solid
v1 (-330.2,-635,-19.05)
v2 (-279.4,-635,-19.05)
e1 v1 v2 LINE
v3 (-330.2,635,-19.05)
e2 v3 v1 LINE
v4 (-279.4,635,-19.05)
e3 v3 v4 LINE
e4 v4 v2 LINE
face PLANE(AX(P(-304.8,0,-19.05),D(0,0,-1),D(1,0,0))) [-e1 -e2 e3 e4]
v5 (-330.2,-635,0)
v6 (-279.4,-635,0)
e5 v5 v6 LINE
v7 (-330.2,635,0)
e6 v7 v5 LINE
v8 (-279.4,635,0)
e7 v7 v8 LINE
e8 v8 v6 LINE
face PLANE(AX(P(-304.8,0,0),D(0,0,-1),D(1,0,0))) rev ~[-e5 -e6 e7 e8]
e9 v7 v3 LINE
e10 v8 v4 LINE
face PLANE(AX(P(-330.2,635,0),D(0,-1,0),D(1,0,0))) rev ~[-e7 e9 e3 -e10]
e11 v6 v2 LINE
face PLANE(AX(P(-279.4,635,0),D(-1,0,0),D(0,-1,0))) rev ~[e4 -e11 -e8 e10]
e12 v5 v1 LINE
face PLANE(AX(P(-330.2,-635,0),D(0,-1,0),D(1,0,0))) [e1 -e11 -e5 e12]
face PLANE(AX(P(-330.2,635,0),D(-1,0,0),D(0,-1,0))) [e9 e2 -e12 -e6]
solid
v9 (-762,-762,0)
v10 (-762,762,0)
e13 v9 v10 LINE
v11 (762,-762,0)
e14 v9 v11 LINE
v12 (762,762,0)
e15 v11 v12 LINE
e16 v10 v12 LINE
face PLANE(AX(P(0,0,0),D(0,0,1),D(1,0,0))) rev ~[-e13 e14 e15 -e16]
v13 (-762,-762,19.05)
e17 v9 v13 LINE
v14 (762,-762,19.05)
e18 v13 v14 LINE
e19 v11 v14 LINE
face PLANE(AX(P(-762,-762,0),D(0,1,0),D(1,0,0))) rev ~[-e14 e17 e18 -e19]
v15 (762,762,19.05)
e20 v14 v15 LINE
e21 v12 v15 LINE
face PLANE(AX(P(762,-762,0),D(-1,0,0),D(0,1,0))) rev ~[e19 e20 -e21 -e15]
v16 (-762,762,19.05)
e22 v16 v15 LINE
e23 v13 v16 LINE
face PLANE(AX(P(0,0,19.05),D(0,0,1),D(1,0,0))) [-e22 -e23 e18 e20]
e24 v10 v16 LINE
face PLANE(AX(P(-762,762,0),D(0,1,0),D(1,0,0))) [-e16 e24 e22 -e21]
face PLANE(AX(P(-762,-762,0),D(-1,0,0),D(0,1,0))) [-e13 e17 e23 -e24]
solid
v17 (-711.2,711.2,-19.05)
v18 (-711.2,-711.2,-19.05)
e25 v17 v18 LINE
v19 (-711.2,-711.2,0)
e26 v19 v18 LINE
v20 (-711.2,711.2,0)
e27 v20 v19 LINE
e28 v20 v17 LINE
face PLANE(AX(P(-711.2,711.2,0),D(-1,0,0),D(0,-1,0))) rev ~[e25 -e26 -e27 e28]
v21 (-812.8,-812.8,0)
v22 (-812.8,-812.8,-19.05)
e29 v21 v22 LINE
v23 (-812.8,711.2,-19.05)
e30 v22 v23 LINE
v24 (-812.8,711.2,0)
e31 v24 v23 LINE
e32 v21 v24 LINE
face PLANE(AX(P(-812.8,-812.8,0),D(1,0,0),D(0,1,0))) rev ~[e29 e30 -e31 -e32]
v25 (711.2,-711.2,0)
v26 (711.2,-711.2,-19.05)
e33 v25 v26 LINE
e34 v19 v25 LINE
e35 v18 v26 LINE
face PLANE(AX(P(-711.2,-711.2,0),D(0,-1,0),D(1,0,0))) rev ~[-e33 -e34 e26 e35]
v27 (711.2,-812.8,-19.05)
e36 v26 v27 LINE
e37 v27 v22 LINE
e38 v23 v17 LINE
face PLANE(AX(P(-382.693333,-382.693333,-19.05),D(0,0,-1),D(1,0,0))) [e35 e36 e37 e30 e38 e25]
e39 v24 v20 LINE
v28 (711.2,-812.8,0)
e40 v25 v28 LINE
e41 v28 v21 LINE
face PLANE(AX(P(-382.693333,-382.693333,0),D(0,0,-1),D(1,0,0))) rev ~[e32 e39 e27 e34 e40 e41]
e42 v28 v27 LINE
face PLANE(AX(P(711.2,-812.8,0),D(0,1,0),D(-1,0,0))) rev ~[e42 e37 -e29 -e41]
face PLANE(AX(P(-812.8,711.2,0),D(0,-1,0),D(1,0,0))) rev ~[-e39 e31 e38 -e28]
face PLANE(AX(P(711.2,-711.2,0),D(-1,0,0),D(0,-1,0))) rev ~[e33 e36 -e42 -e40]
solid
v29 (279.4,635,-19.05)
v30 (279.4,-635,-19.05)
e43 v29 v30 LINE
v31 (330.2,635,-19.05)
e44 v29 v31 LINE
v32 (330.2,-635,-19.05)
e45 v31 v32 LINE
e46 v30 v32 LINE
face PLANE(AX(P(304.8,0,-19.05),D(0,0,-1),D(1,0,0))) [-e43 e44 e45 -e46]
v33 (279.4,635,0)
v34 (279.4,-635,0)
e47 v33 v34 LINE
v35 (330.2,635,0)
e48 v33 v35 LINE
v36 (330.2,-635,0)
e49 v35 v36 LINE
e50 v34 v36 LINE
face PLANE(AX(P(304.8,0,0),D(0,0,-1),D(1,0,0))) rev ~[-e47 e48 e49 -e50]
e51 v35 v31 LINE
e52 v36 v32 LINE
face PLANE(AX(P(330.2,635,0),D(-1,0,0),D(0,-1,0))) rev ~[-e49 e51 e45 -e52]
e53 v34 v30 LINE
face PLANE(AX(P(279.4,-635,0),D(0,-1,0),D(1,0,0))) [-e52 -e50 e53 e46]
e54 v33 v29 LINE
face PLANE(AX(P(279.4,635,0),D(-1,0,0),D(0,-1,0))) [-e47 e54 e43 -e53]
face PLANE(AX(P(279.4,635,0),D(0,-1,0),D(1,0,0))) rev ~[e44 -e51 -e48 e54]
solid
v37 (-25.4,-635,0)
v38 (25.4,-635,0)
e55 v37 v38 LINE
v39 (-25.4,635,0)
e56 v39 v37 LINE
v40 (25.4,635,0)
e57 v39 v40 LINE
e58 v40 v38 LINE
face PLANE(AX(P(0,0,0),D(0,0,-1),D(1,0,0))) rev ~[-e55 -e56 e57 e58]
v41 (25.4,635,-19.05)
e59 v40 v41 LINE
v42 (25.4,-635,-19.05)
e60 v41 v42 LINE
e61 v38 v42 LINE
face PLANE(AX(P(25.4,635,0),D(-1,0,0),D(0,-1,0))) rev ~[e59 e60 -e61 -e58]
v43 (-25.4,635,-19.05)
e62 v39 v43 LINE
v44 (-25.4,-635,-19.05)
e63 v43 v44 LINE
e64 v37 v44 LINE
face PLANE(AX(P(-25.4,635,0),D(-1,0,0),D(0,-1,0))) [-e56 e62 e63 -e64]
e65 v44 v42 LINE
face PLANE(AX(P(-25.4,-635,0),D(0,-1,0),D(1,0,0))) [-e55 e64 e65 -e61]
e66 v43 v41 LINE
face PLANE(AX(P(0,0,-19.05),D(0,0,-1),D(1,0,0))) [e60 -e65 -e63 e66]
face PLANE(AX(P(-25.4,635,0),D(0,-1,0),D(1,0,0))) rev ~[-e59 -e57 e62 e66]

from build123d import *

# Parameters (mm, degrees)
F0_W     = 1524
F0_H     = 1524
F1_DEPTH = 19.05
F3_DEPTH = 19.05
F4_W     = 50.8
F4_H     = 1270
F5_DEPTH = 19.05


with BuildPart() as f1:
    # F0 (on Top) → F1 (new body)
    with BuildSketch(Plane.XY):
        Rectangle(F0_W, F0_H)
    extrude(amount=F1_DEPTH)


with BuildPart() as f3:
    # F2 (on face) → F3 (new body)
    with BuildSketch(Plane(origin=(0, 0, 0), x_dir=(1, 0, 0), z_dir=(0, 0, -1))):
        Polygon((-812.8, 812.8), (-812.8, 762), (-812.8, 711.2), (-812.8, -711.2), (-711.2, -711.2), (-711.2, 711.2), (711.2, 711.2), (711.2, 812.8), align=None)
    extrude(amount=F3_DEPTH)


with BuildPart() as f5:
    # F4 (on face) → F5 (new body)
    with BuildSketch(Plane(origin=(0, 0, 0), x_dir=(1, 0, 0), z_dir=(0, 0, -1))):
        Rectangle(F4_W, F4_H)
        with Locations((-304.8, 0)):
            Rectangle(F4_W, F4_H)
        with Locations((304.8, 0)):
            Rectangle(F4_W, F4_H)
    extrude(amount=F5_DEPTH)


solid = Compound([f1.part, f3.part, f5.part])
